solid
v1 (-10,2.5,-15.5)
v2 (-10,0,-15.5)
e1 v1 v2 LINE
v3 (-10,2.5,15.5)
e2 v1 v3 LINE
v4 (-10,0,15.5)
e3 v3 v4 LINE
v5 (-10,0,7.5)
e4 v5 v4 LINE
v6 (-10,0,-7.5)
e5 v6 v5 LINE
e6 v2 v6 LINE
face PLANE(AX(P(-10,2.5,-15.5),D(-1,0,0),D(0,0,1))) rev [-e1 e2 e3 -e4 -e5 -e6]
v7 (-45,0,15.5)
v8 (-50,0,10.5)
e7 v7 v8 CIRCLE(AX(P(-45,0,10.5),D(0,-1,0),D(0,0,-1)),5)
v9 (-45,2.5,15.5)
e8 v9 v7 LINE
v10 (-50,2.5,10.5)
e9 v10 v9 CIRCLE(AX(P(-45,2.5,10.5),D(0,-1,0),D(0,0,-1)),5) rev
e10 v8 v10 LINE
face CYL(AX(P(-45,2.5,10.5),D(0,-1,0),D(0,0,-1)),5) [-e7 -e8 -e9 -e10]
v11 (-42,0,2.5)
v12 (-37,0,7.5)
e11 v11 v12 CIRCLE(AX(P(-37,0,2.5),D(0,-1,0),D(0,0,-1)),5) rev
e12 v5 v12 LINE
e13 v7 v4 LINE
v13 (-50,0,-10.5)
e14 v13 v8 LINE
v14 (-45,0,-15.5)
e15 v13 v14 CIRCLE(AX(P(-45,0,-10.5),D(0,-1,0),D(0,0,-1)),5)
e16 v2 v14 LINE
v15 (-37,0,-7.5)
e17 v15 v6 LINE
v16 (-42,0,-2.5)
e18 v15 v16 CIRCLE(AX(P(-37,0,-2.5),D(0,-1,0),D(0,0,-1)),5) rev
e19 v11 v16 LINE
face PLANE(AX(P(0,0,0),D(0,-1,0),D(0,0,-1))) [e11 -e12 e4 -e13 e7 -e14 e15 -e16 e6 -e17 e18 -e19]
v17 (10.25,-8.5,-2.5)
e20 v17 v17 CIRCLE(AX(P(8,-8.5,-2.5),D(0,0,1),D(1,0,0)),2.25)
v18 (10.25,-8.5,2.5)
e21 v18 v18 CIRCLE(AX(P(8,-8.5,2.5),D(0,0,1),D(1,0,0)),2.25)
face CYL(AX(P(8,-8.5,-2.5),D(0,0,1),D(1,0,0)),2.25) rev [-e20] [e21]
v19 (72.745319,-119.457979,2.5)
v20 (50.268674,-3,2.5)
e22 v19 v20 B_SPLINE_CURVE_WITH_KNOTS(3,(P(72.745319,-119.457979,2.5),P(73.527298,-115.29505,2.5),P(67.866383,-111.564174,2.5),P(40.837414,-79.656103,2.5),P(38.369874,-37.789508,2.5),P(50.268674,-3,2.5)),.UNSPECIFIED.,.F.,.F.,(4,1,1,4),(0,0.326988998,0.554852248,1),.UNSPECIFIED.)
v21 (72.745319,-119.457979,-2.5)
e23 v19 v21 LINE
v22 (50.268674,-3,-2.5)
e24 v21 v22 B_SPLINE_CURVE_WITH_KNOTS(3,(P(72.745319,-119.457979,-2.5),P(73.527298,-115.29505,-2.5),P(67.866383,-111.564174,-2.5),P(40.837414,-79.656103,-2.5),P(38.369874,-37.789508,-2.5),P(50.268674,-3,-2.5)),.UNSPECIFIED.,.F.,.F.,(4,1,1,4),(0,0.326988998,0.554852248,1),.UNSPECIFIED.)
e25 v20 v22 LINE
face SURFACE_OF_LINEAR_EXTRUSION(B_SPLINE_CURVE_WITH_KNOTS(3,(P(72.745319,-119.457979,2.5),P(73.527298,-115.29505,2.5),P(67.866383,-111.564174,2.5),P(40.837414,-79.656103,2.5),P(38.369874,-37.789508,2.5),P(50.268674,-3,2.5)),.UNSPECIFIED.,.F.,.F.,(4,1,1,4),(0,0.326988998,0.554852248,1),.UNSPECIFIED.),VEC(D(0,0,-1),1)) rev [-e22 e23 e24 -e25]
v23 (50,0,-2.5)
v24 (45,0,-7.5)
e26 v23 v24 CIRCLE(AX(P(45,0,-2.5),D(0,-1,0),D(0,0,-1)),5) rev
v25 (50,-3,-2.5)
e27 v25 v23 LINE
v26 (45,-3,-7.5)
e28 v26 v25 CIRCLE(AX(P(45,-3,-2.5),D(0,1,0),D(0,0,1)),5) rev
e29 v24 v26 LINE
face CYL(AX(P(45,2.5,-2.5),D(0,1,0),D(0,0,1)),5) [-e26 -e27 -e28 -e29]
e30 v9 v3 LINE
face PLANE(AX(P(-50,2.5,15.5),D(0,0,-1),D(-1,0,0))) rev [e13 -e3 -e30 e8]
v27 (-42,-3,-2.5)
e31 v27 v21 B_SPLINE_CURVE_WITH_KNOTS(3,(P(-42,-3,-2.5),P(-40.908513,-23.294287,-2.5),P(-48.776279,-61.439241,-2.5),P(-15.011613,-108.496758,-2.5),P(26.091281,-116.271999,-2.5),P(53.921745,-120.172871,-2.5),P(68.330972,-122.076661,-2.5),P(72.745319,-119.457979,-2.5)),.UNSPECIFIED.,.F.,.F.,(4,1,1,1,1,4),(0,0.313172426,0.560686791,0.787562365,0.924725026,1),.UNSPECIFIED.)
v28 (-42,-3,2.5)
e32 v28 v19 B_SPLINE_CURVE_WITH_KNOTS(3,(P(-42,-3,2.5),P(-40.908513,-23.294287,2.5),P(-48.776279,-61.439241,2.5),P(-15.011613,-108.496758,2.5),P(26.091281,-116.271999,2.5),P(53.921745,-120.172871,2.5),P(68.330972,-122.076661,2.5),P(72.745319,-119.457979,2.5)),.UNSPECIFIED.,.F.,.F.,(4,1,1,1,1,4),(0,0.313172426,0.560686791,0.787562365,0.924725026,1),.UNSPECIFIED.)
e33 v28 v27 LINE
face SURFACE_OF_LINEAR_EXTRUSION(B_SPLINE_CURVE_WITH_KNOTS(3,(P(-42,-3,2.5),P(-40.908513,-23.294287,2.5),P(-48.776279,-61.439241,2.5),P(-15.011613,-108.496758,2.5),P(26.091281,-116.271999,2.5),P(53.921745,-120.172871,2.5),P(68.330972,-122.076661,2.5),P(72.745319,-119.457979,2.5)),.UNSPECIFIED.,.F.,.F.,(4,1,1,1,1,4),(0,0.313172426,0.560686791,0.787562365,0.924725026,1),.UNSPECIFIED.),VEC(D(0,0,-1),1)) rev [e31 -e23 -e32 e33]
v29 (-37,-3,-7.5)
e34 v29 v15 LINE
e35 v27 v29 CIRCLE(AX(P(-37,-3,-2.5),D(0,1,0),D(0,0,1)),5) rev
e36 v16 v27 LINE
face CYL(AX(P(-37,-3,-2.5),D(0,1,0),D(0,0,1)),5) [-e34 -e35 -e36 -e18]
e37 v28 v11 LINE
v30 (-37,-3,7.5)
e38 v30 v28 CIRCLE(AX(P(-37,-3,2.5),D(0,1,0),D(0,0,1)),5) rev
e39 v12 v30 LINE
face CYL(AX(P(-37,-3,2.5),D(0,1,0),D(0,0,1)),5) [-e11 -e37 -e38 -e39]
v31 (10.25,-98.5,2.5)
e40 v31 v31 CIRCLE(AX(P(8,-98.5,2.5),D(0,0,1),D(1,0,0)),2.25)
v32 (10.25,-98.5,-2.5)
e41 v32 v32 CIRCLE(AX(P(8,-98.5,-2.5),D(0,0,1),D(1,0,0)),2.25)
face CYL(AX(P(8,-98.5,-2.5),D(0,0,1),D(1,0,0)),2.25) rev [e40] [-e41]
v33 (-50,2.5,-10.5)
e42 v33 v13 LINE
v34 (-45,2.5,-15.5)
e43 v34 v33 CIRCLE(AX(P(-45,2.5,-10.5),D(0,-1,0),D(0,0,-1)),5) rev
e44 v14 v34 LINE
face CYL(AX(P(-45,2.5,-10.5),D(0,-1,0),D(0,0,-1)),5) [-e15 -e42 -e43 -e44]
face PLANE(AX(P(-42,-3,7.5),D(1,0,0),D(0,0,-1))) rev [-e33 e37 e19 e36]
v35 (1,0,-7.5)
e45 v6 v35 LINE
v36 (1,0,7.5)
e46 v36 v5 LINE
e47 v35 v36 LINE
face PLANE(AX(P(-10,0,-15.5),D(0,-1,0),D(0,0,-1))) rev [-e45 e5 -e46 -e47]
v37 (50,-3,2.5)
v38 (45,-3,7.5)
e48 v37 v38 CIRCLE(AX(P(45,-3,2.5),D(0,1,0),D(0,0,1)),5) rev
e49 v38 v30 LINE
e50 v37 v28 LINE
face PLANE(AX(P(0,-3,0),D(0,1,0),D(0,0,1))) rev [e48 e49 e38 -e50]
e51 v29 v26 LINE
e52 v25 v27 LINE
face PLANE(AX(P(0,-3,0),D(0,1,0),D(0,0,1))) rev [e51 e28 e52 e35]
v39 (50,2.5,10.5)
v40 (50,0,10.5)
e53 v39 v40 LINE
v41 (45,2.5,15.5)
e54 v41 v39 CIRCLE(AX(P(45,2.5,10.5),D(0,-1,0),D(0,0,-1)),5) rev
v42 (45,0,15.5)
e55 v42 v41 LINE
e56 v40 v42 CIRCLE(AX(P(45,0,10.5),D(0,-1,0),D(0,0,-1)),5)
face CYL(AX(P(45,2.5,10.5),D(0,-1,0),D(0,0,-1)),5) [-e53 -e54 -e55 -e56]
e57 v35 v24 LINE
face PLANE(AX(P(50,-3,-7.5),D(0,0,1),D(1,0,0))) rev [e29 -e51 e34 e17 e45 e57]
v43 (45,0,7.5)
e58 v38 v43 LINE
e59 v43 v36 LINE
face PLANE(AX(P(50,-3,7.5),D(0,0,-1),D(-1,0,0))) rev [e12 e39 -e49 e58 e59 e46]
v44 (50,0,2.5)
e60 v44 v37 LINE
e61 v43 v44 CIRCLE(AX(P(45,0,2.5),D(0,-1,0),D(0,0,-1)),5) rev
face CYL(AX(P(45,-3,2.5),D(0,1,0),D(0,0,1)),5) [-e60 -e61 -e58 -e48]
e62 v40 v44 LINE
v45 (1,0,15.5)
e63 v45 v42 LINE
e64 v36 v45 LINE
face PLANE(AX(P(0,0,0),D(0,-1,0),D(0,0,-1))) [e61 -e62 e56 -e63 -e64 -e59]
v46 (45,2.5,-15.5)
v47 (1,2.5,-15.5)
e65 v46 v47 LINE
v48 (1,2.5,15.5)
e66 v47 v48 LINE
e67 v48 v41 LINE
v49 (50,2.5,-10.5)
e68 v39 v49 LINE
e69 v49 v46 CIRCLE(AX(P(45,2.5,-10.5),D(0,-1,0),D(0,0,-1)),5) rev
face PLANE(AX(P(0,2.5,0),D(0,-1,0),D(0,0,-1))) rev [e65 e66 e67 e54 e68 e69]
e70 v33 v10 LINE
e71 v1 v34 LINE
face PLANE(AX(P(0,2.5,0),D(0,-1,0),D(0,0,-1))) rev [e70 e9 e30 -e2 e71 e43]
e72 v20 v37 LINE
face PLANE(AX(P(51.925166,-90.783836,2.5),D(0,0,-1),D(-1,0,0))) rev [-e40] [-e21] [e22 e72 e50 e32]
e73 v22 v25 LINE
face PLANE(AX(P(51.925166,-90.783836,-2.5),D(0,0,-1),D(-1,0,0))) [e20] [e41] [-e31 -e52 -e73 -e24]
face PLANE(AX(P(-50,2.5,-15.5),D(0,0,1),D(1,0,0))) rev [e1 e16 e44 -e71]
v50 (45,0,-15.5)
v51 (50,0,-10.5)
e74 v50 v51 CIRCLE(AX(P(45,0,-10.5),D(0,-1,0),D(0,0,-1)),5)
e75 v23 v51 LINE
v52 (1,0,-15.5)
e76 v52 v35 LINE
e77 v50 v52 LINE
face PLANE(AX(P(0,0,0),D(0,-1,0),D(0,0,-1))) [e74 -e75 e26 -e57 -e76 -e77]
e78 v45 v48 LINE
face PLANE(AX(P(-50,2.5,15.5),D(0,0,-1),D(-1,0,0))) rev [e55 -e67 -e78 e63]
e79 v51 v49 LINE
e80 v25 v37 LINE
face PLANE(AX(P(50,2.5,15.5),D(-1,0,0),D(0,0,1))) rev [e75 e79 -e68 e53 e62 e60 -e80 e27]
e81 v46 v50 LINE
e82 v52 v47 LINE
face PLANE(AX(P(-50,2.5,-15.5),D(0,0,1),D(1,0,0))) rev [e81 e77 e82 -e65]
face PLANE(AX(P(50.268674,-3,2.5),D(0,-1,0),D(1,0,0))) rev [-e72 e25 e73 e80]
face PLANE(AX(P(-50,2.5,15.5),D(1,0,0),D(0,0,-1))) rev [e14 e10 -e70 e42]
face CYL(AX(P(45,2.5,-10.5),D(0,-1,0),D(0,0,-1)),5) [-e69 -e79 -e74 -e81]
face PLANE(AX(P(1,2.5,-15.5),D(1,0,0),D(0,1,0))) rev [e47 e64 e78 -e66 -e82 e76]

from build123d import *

# Parameters (mm, degrees)
CROQUIS1_W              = 100
CROQUIS1_H              = 31
SALIENTE_EXTRUIR1_DEPTH = 2.5
CROQUIS2_W              = 92
CROQUIS2_H              = 15
SALIENTE_EXTRUIR2_DEPTH = 3
REDONDEO1_R             = 5
SALIENTE_EXTRUIR3_DEPTH = 2.5
CROQUIS4_R              = 2.25
CORTAR_EXTRUIR1_DEPTH   = 5
CROQUIS5_W              = 11
CROQUIS5_H              = 2.5
CORTAR_EXTRUIR2_DEPTH   = 32


with BuildPart() as part:
    # Croquis1 → Saliente-Extruir1 (new body)
    with BuildSketch(Plane(origin=(0, 0, 0), x_dir=(1, 0, 0), z_dir=(0, 1, 0))):
        Rectangle(CROQUIS1_W, CROQUIS1_H)
    extrude(amount=SALIENTE_EXTRUIR1_DEPTH)

    # Croquis2 → Saliente-Extruir2 (add)
    with BuildSketch(Plane.XZ):
        with Locations((4, 0)):
            Rectangle(CROQUIS2_W, CROQUIS2_H)
    extrude(amount=SALIENTE_EXTRUIR2_DEPTH)

    # Redondeo1
    redondeo1_edges = [part.edges().sort_by_distance(p)[0] for p in [
        (50, -1.5, -7.5),
        (50, -1.5, 7.5),
        (-42, -1.5, 7.5),
        (-42, -1.5, -7.5),
        (50, 1.25, 15.5),
        (-50, 1.25, 15.5),
        (-50, 1.25, -15.5),
        (50, 1.25, -15.5),
    ]]
    fillet(redondeo1_edges, radius=REDONDEO1_R)

    # Croquis3 → Saliente-Extruir3 (add, symmetric)
    with BuildSketch(Plane.XY):
        with BuildLine():
            Line((50.268673777, -3), (-42, -3))
            add(Edge.make_bspline(
                [(-42, -3), (-40.908513064, -23.29428707), (-48.776278563, -61.439241492), (-15.011612903, -108.496757753), (26.091280983, -116.271998862), (53.921744721, -120.172870924), (68.330972256, -122.076661229), (72.745319056, -119.457978538)],
                knots=[0, 0, 0, 0, 0.313172426, 0.560686791, 0.787562365, 0.924725026, 1, 1, 1, 1], degree=3))
            add(Edge.make_bspline(
                [(72.745319056, -119.457978538), (73.5272978, -115.295050348), (67.866383472, -111.564174063), (40.837413629, -79.656102563), (38.369873508, -37.789508287), (50.268673777, -3)],
                knots=[0, 0, 0, 0, 0.326988998, 0.554852248, 1, 1, 1, 1], degree=3))
        make_face()
    extrude(amount=SALIENTE_EXTRUIR3_DEPTH, both=True)

    # Croquis4 → Cortar-Extruir1 (cut)
    with BuildSketch(Plane.XY.offset(2.5)):
        with Locations((8, -8.5)):
            Circle(CROQUIS4_R)
        with Locations((8, -98.5)):
            Circle(CROQUIS4_R)
    extrude(amount=-CORTAR_EXTRUIR1_DEPTH, mode=Mode.SUBTRACT)

    # Croquis5 → Cortar-Extruir2 (cut, through all)
    with BuildSketch(Plane.XY.offset(15.5)):
        with Locations((-4.5, 1.25)):
            Rectangle(CROQUIS5_W, CROQUIS5_H)
    extrude(amount=-CORTAR_EXTRUIR2_DEPTH, mode=Mode.SUBTRACT)


solid = part.part
